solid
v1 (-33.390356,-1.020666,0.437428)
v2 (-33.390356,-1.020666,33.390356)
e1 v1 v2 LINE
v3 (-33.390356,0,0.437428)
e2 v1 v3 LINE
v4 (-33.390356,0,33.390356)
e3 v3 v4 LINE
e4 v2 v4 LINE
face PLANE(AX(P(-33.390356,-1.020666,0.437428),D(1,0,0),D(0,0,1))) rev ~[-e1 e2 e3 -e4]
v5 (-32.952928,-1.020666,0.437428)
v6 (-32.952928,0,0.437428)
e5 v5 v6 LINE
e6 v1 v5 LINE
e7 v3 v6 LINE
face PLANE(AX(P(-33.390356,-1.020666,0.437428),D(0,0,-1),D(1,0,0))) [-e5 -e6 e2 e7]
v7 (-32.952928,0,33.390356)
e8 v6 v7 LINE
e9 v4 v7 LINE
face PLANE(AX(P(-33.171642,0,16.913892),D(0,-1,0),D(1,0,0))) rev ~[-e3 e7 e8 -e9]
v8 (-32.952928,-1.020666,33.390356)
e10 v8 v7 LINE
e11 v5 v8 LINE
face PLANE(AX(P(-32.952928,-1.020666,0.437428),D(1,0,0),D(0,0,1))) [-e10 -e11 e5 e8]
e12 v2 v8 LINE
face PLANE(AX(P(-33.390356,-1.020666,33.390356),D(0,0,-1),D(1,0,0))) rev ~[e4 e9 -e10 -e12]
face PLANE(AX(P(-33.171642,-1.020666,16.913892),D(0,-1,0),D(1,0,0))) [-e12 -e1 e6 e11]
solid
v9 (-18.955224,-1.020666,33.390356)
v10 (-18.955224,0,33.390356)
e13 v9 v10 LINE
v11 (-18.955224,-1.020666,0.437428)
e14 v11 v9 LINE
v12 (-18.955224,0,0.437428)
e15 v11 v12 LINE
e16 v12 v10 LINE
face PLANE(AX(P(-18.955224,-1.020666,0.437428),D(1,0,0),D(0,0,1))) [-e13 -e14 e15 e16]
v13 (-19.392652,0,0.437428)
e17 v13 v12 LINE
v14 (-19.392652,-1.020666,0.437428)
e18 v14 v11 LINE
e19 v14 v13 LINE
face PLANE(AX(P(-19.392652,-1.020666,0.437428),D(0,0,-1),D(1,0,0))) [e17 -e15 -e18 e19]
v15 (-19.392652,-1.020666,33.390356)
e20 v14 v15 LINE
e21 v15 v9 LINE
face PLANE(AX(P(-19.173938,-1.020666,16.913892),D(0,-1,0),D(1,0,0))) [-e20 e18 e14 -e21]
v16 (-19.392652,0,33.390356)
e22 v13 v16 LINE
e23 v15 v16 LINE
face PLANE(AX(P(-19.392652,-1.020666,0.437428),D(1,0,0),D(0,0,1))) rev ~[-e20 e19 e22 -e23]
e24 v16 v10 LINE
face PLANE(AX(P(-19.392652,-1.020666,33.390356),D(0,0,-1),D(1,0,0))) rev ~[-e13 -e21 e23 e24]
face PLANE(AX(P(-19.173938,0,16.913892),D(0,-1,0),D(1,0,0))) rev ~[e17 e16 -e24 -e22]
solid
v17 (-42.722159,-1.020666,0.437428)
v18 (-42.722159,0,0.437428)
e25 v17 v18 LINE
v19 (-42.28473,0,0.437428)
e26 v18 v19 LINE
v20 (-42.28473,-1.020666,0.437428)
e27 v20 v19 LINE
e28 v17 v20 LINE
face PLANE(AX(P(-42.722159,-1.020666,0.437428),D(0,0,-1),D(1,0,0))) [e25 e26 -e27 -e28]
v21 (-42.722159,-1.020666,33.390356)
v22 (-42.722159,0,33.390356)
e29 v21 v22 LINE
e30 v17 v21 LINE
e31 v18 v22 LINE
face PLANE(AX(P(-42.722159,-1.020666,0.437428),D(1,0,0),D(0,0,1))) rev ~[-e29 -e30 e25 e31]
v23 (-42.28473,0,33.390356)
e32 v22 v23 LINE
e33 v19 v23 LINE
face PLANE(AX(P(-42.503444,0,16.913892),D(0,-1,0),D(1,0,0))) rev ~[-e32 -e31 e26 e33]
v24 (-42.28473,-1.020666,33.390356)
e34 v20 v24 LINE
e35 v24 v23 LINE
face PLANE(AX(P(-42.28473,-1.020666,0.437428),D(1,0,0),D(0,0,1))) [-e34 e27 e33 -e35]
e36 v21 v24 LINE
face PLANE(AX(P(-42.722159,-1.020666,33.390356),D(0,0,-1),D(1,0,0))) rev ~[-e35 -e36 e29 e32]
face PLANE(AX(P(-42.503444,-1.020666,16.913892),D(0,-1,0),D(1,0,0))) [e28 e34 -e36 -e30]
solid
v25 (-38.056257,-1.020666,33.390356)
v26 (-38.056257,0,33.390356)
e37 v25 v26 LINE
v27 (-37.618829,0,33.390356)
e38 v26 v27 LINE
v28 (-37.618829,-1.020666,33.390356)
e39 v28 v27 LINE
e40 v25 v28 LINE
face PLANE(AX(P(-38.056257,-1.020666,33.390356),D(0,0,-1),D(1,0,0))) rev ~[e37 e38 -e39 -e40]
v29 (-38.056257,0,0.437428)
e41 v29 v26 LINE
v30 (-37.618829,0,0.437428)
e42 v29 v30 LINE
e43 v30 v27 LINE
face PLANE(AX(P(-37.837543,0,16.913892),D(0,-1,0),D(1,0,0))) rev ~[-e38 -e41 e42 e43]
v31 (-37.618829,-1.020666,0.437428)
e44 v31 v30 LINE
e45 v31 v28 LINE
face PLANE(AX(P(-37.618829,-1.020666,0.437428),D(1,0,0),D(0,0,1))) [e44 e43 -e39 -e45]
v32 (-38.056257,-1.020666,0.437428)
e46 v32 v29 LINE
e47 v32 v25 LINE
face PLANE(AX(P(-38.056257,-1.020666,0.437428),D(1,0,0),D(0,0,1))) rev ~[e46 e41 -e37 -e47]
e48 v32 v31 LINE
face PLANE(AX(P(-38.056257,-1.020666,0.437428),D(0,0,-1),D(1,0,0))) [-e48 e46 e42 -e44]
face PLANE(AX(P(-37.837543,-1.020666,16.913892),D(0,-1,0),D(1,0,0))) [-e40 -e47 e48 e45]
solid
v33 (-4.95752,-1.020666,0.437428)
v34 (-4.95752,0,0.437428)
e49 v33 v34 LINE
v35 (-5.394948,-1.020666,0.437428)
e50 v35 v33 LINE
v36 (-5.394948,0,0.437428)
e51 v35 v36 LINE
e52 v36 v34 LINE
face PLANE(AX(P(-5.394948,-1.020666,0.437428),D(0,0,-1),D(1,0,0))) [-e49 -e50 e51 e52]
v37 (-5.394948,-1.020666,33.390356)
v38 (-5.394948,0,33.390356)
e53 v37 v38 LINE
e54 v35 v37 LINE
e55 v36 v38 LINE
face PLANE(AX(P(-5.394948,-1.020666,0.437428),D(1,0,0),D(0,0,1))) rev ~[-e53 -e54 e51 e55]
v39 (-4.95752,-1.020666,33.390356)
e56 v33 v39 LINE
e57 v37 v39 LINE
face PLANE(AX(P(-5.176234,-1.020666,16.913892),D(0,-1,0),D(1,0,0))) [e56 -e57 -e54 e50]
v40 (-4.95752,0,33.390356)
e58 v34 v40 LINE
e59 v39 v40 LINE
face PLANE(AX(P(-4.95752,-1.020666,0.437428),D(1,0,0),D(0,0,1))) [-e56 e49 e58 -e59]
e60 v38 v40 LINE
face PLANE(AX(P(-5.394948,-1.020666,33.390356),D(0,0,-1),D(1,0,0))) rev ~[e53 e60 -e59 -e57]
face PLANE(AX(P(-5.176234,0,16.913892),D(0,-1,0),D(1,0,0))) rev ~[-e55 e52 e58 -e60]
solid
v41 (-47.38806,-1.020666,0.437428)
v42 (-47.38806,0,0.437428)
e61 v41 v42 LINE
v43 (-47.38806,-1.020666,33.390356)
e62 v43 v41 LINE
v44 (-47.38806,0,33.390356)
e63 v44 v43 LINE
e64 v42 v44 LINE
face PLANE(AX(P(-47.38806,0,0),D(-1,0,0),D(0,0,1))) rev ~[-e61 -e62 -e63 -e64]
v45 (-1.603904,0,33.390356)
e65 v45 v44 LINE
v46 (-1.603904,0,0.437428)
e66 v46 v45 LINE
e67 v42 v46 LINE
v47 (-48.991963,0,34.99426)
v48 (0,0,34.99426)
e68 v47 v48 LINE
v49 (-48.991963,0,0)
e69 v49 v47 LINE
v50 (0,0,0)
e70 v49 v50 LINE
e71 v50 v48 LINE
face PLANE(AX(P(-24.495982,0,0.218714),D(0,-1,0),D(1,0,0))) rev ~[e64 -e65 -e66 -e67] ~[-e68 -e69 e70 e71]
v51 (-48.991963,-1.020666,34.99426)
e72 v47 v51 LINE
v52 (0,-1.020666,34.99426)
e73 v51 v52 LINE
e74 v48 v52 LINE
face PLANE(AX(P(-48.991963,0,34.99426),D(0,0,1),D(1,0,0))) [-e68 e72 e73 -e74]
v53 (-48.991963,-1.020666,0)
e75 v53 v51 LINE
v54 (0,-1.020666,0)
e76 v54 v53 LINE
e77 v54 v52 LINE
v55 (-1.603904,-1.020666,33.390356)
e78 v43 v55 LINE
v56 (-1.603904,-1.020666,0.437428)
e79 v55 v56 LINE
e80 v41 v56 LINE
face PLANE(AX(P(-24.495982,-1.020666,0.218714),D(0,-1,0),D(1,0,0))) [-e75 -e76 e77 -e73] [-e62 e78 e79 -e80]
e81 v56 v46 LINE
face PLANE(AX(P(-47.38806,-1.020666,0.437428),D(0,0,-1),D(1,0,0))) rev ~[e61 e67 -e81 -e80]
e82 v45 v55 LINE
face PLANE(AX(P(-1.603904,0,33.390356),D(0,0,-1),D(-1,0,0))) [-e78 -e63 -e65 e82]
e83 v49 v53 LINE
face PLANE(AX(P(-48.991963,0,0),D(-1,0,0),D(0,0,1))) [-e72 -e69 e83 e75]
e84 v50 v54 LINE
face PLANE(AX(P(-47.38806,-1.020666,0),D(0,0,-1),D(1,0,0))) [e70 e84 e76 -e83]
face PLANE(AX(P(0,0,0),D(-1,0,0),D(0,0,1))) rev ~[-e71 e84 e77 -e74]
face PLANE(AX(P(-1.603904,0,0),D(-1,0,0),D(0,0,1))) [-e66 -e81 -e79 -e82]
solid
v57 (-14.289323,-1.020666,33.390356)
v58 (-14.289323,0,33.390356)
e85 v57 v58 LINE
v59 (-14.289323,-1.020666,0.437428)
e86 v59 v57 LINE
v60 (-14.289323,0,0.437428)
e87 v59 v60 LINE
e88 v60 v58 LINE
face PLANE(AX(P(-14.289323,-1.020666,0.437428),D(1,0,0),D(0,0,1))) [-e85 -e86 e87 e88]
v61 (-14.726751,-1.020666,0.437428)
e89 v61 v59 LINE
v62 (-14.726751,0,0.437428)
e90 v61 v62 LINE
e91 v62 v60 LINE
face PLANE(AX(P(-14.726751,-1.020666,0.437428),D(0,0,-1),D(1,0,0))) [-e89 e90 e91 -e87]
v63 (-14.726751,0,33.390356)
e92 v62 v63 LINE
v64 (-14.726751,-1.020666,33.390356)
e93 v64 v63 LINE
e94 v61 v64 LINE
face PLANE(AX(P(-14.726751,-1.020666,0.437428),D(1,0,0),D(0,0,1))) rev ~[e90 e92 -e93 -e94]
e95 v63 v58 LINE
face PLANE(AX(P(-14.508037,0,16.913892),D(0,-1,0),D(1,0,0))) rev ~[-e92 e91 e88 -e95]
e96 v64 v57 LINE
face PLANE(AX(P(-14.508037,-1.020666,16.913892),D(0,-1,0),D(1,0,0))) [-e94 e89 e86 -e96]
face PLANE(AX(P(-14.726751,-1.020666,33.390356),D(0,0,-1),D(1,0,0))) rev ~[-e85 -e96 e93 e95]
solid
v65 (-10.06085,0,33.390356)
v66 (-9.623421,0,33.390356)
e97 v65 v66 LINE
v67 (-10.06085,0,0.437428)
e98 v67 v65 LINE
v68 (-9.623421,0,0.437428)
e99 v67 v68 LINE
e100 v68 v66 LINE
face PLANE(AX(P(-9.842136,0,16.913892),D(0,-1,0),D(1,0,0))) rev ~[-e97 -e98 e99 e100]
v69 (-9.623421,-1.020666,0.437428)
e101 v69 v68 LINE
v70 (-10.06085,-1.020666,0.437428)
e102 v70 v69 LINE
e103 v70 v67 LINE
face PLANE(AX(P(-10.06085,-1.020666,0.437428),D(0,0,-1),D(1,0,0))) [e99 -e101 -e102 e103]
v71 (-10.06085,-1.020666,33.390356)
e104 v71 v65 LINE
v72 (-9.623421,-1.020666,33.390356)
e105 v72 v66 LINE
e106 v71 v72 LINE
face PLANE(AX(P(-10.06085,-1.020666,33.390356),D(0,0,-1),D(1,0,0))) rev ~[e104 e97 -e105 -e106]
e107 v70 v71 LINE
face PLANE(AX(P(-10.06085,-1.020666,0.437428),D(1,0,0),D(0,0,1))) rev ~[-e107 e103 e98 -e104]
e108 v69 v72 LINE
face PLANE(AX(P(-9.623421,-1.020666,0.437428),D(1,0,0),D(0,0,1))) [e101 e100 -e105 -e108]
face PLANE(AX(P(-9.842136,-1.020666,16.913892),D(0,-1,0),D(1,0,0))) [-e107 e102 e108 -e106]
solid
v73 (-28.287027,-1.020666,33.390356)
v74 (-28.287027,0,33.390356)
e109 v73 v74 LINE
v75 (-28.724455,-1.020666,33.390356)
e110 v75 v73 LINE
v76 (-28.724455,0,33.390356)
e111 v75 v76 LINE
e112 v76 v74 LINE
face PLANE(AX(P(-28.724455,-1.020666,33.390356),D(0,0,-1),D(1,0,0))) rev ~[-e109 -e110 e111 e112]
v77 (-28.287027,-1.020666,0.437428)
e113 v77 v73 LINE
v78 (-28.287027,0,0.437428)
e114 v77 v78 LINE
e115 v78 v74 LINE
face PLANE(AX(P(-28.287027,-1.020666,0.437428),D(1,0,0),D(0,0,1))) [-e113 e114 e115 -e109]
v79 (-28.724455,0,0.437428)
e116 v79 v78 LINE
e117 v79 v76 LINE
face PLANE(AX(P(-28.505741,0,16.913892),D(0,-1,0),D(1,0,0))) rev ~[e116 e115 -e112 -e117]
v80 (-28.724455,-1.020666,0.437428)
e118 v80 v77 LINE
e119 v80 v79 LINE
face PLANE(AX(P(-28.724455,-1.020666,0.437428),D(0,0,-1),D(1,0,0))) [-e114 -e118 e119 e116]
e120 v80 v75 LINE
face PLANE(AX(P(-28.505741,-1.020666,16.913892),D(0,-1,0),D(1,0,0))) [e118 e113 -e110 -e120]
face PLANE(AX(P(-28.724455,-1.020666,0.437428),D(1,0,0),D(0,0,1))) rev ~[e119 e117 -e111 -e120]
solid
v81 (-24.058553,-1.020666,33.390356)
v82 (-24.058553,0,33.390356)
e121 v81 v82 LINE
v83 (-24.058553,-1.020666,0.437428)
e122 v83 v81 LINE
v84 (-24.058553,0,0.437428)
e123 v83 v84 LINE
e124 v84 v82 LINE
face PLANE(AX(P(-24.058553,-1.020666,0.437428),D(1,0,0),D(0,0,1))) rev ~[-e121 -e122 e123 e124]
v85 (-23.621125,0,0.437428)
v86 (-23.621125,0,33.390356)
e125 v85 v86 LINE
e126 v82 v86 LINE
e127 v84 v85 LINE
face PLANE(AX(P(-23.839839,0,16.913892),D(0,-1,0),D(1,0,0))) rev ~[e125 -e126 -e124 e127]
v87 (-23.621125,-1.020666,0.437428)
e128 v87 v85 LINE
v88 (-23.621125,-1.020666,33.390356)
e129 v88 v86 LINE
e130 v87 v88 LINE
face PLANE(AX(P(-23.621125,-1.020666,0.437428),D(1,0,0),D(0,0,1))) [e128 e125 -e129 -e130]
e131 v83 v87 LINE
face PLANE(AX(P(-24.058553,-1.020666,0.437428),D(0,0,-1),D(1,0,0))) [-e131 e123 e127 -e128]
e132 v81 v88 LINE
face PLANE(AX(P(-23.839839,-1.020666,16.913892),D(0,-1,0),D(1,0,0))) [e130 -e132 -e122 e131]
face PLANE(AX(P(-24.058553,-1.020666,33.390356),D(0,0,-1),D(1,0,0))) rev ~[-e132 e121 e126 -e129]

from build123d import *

# Parameters (mm, degrees)
F0_W     = 4267.2
F0_H     = 3048
F1_DEPTH = 88.9
F2_W     = 3987.8
F2_H     = 2908.3
F3_DEPTH = 88.901
F4_W     = 3987.8
F4_H     = 38.1
F5_DEPTH = 88.9
F6_W     = 38.1
F6_H     = 2870.2
F7_DEPTH = 88.9
F8_SCALE = 0.0114810563


with BuildPart() as f1:
    # F0 (on Front) → F1 (new body)
    with BuildSketch(Plane.XZ):
        with Locations((-2133.6, 1524)):
            Rectangle(F0_W, F0_H)
    extrude(amount=F1_DEPTH)

    # F2 (on face) → F3 (cut, through all)
    with BuildSketch(Plane(origin=(0, 0, 0), x_dir=(-1, 0, 0), z_dir=(0, 1, 0))):
        with Locations((2133.6, 1454.15)):
            Rectangle(F2_W, F2_H)
    extrude(amount=-F3_DEPTH, mode=Mode.SUBTRACT)

    # F4 (on face) → F5 (join)
    with BuildSketch(Plane.XZ.offset(88.9)):
        with Locations((-2133.6, 19.05)):
            Rectangle(F4_W, F4_H)
    extrude(amount=-F5_DEPTH)


with BuildPart() as f7:
    # F6 (on face) → F7 (new body)
    with BuildSketch(Plane.XZ.offset(88.9)):
        with Locations((-3702.05, 1473.2)):
            Rectangle(F6_W, F6_H)
    extrude(amount=-F7_DEPTH)


with BuildPart() as f7b:
    # F6 (on face) → F7, piece 2 (new body)
    with BuildSketch(Plane.XZ.offset(88.9)):
        with Locations((-3295.65, 1473.2)):
            Rectangle(F6_W, F6_H)
    extrude(amount=-F7_DEPTH)


with BuildPart() as f7c:
    # F6 (on face) → F7, piece 3 (new body)
    with BuildSketch(Plane.XZ.offset(88.9)):
        with Locations((-2889.25, 1473.2)):
            Rectangle(F6_W, F6_H)
    extrude(amount=-F7_DEPTH)


with BuildPart() as f7d:
    # F6 (on face) → F7, piece 4 (new body)
    with BuildSketch(Plane.XZ.offset(88.9)):
        with Locations((-2482.85, 1473.2)):
            Rectangle(F6_W, F6_H)
    extrude(amount=-F7_DEPTH)


with BuildPart() as f7e:
    # F6 (on face) → F7, piece 5 (new body)
    with BuildSketch(Plane.XZ.offset(88.9)):
        with Locations((-2076.45, 1473.2)):
            Rectangle(F6_W, F6_H)
    extrude(amount=-F7_DEPTH)


with BuildPart() as f7f:
    # F6 (on face) → F7, piece 6 (new body)
    with BuildSketch(Plane.XZ.offset(88.9)):
        with Locations((-1670.05, 1473.2)):
            Rectangle(F6_W, F6_H)
    extrude(amount=-F7_DEPTH)


with BuildPart() as f7g:
    # F6 (on face) → F7, piece 7 (new body)
    with BuildSketch(Plane.XZ.offset(88.9)):
        with Locations((-1263.65, 1473.2)):
            Rectangle(F6_W, F6_H)
    extrude(amount=-F7_DEPTH)


with BuildPart() as f7h:
    # F6 (on face) → F7, piece 8 (new body)
    with BuildSketch(Plane.XZ.offset(88.9)):
        with Locations((-857.25, 1473.2)):
            Rectangle(F6_W, F6_H)
    extrude(amount=-F7_DEPTH)


with BuildPart() as f7i:
    # F6 (on face) → F7, piece 9 (new body)
    with BuildSketch(Plane.XZ.offset(88.9)):
        with Locations((-450.85, 1473.2)):
            Rectangle(F6_W, F6_H)
    extrude(amount=-F7_DEPTH)


with BuildPart() as f7g_1:
    # F8: moved
    add(f7g.part.scale(F8_SCALE))


with BuildPart() as f7i_1:
    # F8: moved
    add(f7i.part.scale(F8_SCALE))


with BuildPart() as f7f_1:
    # F8: moved
    add(f7f.part.scale(F8_SCALE))


with BuildPart() as f7d_1:
    # F8: moved
    add(f7d.part.scale(F8_SCALE))


with BuildPart() as f7e_1:
    # F8: moved
    add(f7e.part.scale(F8_SCALE))


with BuildPart() as f7c_1:
    # F8: moved
    add(f7c.part.scale(F8_SCALE))


with BuildPart() as f7_1:
    # F8: moved
    add(f7.part.scale(F8_SCALE))


with BuildPart() as f1_1:
    # F8: moved
    add(f1.part.scale(F8_SCALE))


with BuildPart() as f7h_1:
    # F8: moved
    add(f7h.part.scale(F8_SCALE))


with BuildPart() as f7b_1:
    # F8: moved
    add(f7b.part.scale(F8_SCALE))


solid = Compound([f7g_1.part, f7i_1.part, f7f_1.part, f7d_1.part, f7e_1.part, f7c_1.part, f7_1.part, f1_1.part, f7h_1.part, f7b_1.part])
